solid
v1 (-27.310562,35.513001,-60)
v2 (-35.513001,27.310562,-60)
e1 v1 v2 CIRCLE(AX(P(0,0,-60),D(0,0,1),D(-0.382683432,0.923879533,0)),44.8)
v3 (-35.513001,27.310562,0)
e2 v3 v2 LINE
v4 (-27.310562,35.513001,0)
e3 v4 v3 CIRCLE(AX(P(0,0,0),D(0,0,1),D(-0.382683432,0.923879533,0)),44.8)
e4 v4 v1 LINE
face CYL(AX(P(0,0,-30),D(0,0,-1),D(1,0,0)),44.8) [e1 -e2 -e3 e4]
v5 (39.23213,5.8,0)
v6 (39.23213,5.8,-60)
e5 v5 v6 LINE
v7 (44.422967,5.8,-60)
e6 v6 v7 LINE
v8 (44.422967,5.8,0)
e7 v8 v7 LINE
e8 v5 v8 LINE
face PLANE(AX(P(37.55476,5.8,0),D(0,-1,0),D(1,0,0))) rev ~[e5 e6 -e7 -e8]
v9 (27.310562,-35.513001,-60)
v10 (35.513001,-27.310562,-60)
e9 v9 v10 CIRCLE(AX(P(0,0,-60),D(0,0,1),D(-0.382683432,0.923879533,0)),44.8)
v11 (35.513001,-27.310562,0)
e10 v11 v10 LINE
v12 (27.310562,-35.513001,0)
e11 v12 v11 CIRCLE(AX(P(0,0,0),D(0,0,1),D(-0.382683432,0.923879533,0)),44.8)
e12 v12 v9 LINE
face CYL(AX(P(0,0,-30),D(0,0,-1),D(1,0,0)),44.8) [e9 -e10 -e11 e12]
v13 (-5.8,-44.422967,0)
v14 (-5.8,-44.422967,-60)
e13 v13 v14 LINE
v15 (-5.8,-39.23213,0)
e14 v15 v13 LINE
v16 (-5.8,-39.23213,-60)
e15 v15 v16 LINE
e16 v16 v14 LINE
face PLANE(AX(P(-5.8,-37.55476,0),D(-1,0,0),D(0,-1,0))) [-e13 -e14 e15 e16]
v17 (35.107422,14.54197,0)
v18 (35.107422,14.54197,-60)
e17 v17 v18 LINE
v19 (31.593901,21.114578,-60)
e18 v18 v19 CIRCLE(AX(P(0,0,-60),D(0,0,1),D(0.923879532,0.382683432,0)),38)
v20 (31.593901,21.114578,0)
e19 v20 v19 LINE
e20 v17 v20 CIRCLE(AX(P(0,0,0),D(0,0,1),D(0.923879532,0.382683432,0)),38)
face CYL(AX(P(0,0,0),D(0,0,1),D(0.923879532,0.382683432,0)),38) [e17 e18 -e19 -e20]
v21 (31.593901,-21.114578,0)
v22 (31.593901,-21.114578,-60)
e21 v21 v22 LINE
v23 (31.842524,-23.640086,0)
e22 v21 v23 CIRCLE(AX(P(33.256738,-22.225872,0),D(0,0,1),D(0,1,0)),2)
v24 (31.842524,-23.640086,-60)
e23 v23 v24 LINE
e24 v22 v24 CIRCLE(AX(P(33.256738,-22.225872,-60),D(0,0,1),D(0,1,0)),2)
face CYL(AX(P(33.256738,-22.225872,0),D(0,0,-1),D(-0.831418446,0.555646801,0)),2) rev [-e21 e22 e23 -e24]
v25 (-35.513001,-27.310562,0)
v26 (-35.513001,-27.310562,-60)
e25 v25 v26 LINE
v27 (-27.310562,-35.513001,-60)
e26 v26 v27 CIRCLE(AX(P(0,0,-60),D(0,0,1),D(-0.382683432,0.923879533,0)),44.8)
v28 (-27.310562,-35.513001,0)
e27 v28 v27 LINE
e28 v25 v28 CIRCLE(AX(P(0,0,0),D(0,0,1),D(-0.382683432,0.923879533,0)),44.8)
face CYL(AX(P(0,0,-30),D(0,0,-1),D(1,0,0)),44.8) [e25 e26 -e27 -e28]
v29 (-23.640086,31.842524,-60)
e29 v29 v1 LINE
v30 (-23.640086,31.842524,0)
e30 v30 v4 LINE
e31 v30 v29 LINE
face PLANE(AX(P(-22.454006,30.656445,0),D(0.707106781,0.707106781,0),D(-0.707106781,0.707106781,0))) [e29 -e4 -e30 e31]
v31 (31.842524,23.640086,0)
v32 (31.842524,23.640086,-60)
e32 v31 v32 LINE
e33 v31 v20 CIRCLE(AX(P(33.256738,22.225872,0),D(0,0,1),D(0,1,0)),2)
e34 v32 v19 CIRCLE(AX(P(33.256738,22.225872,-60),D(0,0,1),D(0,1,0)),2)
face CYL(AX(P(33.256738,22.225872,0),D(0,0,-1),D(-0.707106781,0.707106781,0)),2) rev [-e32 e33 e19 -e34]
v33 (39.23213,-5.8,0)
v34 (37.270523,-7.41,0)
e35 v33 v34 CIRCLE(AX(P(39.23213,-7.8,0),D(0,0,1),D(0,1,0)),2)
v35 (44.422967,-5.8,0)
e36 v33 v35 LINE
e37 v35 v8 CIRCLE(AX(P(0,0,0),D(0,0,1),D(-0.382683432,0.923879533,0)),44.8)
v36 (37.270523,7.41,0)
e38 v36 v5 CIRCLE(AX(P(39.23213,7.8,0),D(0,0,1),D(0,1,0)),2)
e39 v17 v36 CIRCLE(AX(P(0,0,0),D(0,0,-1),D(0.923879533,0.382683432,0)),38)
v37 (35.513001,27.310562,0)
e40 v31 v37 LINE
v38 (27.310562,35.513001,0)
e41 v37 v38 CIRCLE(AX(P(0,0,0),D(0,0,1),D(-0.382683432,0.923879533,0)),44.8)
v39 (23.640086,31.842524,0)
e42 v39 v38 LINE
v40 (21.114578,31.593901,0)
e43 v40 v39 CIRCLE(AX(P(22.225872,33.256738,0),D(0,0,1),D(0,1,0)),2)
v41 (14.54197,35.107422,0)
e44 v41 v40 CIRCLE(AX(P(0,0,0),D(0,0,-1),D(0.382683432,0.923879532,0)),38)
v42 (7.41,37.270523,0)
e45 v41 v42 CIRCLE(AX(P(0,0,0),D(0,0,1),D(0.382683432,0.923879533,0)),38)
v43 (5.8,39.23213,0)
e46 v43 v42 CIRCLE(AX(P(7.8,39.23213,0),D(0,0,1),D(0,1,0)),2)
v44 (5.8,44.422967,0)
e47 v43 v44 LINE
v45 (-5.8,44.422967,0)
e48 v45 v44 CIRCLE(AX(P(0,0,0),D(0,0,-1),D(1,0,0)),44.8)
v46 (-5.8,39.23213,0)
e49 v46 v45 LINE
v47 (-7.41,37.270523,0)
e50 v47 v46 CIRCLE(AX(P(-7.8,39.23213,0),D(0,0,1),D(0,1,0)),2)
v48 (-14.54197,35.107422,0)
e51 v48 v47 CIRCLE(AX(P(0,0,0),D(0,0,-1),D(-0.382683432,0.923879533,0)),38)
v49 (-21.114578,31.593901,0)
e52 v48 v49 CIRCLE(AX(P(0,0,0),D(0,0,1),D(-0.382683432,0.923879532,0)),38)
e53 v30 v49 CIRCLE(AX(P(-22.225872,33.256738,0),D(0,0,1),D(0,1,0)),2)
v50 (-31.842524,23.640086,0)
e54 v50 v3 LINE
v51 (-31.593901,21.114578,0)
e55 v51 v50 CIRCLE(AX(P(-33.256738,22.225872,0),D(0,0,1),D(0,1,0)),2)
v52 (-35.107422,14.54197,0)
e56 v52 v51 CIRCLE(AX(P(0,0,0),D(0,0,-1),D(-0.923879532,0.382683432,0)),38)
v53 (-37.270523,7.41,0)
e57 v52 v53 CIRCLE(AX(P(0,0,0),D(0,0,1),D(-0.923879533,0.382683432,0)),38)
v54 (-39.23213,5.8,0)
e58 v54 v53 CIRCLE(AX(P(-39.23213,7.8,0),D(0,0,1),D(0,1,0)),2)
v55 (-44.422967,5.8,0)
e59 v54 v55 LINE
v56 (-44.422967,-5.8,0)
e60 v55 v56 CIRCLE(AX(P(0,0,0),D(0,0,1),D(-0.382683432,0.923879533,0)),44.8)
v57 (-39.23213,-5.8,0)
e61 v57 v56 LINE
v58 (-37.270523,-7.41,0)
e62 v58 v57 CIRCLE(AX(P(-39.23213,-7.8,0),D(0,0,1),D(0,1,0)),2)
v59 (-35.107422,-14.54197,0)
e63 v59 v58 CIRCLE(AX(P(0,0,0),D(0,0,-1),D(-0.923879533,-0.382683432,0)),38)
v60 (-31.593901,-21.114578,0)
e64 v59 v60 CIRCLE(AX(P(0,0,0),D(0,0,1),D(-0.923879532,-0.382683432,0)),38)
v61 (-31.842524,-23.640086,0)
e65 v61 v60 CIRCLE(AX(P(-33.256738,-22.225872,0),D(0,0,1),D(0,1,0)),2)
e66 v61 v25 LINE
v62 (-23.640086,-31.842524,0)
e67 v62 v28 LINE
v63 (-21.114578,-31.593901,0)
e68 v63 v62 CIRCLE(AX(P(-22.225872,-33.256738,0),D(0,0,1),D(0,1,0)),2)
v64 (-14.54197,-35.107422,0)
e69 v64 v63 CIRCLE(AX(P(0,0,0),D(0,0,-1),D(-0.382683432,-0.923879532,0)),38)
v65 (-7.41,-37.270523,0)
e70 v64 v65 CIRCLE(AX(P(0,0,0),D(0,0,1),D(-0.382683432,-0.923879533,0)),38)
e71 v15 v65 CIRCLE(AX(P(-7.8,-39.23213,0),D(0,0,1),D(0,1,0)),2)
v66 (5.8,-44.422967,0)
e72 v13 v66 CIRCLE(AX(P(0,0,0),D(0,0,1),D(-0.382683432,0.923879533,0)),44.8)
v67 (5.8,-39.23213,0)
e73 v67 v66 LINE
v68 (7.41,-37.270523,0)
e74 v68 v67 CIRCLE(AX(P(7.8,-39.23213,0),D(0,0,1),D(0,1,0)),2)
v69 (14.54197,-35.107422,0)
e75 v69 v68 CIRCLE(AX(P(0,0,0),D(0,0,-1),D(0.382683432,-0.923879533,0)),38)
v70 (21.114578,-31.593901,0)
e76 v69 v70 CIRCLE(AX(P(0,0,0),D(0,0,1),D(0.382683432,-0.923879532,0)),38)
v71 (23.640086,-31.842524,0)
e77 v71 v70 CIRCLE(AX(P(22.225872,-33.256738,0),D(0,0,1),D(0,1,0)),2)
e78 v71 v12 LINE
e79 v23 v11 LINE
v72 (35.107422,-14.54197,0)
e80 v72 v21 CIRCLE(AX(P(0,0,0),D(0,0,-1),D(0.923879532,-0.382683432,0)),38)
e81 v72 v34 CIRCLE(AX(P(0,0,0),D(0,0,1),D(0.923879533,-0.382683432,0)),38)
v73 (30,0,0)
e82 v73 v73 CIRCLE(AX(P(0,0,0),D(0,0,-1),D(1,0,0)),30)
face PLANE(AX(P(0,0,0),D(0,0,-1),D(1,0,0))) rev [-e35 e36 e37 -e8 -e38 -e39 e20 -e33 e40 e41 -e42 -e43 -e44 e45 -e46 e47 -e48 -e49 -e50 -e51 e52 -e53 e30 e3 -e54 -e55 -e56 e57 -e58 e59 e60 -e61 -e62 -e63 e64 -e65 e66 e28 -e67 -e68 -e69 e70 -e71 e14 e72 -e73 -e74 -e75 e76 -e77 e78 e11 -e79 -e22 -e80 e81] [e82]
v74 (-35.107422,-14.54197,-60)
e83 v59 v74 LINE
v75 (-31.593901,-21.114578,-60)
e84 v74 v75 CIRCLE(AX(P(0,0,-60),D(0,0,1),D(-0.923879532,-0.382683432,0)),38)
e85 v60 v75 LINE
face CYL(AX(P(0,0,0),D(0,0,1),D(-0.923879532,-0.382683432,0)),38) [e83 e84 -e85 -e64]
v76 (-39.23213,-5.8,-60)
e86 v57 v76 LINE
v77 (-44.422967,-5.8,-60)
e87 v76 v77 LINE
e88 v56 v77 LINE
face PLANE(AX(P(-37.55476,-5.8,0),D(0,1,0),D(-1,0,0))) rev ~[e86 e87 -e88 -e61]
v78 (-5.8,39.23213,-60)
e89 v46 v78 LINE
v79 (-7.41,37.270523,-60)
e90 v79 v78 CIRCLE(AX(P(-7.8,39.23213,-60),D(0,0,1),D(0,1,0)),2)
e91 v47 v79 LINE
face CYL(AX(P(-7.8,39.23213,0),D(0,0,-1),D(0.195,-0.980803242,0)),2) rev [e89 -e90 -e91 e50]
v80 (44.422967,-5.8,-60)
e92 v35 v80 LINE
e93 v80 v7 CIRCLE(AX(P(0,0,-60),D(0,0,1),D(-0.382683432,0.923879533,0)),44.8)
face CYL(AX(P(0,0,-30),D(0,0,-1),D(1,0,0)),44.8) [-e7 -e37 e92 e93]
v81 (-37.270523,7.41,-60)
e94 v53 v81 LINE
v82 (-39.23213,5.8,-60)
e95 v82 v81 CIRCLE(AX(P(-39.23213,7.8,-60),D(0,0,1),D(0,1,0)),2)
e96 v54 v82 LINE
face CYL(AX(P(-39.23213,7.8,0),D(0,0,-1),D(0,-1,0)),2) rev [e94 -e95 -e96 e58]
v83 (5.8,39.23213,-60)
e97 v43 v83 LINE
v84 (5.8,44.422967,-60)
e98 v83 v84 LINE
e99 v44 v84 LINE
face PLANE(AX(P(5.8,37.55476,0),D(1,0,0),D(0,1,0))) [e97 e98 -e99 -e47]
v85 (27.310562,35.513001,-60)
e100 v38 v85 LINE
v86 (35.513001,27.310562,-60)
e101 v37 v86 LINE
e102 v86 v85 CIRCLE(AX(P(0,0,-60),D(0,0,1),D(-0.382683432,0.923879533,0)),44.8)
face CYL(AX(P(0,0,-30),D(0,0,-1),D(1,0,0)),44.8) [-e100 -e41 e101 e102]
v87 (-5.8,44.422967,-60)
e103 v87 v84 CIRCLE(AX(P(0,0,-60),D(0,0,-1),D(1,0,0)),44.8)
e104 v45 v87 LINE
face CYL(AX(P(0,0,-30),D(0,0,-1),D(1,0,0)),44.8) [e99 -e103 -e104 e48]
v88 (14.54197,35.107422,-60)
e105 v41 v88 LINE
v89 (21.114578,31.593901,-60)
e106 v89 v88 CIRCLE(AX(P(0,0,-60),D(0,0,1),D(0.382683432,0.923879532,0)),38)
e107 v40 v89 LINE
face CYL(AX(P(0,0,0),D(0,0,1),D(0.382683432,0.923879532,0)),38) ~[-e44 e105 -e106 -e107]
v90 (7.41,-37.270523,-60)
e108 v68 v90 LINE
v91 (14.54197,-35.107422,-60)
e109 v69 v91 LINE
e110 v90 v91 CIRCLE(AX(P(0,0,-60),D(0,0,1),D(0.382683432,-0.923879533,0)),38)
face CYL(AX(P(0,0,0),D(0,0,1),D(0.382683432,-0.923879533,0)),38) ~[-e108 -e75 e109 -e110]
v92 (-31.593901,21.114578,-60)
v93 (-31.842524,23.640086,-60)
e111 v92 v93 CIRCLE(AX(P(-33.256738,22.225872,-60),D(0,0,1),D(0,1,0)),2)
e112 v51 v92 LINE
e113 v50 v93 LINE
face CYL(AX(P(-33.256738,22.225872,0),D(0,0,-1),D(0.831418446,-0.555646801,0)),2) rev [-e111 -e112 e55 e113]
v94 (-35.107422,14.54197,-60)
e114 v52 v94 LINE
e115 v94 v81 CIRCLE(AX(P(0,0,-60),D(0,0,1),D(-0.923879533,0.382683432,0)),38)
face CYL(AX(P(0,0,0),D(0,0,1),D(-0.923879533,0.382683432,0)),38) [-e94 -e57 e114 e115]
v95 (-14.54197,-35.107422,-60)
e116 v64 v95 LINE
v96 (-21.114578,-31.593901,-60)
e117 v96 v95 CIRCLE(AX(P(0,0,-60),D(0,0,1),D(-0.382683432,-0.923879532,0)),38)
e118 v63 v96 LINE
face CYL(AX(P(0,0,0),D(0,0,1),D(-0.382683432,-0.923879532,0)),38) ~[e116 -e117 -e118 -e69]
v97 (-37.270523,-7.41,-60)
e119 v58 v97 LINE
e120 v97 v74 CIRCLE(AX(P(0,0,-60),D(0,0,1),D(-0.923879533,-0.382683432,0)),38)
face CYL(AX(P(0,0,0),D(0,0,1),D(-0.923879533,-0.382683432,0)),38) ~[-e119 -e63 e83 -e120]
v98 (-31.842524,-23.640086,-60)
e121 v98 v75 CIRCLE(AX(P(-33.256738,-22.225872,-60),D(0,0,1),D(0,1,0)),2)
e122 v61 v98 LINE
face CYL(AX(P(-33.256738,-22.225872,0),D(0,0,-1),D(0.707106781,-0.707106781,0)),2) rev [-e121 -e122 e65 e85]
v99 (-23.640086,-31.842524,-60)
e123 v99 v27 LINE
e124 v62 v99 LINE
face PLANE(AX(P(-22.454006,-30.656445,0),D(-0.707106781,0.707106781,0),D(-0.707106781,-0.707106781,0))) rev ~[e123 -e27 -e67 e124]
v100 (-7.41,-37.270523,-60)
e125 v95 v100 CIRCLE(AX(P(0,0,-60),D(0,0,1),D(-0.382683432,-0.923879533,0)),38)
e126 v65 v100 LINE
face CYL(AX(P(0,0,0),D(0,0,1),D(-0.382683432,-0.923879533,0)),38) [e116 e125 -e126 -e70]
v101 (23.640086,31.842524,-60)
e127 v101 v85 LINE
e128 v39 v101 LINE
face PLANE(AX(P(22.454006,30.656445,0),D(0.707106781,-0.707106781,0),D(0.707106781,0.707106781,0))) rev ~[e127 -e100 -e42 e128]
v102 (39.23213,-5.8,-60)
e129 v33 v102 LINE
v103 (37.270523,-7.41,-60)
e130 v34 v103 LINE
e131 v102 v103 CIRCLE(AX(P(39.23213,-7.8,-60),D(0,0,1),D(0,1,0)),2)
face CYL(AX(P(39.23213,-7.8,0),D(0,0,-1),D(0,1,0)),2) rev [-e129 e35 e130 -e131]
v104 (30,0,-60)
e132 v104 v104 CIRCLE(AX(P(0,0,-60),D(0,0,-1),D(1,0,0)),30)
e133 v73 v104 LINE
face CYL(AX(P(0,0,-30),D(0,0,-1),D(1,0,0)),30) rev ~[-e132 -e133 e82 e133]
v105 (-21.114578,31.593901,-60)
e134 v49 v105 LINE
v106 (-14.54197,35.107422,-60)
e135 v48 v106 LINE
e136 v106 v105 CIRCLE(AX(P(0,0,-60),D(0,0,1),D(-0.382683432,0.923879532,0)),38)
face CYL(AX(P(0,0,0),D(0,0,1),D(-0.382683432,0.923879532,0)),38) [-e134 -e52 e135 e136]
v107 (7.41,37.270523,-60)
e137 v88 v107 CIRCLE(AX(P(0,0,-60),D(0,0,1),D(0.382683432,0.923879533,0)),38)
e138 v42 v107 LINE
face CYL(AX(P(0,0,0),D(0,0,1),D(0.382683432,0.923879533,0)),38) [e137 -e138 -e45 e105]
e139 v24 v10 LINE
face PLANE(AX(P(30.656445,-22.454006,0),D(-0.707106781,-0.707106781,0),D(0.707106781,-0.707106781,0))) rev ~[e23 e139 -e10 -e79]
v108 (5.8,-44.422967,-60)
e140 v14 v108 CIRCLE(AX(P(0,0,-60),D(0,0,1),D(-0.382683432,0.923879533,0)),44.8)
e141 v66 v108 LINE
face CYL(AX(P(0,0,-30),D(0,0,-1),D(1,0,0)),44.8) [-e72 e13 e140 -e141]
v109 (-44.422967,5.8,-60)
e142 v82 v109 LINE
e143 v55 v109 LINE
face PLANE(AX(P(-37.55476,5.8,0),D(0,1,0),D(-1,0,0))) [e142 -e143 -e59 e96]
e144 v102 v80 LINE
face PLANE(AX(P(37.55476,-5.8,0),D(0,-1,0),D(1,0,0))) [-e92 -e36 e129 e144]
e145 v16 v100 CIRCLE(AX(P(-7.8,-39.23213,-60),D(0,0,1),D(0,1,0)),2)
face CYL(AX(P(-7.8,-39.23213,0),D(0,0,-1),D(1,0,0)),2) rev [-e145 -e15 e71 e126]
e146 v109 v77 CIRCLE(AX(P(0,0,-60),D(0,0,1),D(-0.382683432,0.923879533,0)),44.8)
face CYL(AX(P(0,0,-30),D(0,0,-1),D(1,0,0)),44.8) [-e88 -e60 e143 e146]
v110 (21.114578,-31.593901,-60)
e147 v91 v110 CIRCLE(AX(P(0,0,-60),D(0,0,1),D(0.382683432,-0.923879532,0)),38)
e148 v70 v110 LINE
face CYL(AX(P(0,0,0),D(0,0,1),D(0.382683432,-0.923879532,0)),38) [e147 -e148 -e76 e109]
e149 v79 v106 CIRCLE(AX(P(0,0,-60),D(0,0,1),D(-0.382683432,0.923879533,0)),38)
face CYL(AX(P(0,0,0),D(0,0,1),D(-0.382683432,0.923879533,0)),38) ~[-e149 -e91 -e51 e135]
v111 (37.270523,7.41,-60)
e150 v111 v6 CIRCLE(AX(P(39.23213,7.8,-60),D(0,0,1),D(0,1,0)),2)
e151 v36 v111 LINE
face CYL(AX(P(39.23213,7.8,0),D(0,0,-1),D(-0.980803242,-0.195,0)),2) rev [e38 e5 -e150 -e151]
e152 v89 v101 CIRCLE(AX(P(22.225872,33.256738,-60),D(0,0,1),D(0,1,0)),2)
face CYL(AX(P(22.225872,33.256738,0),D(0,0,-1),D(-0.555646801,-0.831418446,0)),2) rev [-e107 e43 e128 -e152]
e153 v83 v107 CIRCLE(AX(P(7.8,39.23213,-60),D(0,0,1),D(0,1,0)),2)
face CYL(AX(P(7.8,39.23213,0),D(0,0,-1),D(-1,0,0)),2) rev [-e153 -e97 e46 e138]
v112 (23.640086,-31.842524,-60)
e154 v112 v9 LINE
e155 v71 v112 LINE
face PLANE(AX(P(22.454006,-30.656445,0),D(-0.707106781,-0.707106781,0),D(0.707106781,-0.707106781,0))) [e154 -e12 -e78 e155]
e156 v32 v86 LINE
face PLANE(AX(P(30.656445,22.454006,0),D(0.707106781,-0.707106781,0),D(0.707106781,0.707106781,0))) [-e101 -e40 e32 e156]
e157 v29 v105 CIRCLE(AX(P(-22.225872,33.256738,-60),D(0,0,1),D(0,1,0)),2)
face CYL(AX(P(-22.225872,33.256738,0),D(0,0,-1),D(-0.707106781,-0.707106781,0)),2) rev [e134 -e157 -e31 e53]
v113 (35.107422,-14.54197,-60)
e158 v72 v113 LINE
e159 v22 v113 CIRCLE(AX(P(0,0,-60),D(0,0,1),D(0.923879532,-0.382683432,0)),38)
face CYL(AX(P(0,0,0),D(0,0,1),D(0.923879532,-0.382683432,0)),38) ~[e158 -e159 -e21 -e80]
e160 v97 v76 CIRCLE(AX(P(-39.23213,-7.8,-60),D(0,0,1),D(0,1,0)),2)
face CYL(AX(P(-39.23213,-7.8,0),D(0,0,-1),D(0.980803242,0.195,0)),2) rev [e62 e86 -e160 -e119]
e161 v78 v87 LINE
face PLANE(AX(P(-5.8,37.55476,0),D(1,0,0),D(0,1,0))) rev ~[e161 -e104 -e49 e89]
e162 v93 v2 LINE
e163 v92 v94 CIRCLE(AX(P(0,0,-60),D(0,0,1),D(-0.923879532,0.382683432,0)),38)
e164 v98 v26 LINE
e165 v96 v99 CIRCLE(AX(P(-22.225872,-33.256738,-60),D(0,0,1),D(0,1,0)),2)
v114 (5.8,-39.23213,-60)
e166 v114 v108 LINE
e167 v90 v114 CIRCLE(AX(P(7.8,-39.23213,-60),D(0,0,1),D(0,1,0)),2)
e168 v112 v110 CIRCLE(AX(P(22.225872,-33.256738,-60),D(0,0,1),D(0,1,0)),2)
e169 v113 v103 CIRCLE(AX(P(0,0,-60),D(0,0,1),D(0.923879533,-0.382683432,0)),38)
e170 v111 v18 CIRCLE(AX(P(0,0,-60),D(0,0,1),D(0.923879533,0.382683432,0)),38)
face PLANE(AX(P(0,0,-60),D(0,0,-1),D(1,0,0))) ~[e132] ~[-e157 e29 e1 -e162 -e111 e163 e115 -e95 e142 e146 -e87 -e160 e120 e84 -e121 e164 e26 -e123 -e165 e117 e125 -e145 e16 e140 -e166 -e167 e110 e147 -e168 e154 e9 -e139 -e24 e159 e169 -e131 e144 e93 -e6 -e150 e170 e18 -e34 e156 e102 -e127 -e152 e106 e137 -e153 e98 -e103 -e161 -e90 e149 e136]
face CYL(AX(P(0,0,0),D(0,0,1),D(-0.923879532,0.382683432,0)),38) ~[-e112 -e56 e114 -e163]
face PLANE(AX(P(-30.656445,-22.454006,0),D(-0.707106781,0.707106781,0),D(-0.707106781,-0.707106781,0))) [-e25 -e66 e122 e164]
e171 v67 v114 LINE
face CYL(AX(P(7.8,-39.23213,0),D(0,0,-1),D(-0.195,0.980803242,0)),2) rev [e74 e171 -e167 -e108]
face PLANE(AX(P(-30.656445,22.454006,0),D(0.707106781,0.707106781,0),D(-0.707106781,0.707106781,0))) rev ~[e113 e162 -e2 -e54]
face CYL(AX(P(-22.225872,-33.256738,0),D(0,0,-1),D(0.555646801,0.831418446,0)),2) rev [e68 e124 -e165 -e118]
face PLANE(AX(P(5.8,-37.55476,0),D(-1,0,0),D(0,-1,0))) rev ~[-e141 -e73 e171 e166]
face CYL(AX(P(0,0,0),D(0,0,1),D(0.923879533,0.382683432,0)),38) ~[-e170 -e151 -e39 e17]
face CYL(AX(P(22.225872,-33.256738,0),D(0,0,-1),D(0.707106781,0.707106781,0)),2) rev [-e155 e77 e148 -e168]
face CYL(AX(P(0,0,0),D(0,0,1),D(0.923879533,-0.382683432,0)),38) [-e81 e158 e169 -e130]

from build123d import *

# Parameters (mm, degrees)
SKETCH_2_W                       = 60
SKETCH_2_H                       = 14.8
CUT_EXTRUDE_1_DEPTH              = 88.258695842
FILLET_2_R                       = 2
PATTERN_CIRCULAR_1_COUNT         = 8
FILLET_2_OF_PATTERN_CIRCULAR_1_R = 2


with BuildPart() as part:
    # Эскиз2 → Повернуть1 (revolve)
    with BuildSketch(Plane(origin=(0, 0, 0), x_dir=(0, 0, -1), z_dir=(1, 0, 0)), mode=Mode.PRIVATE) as revolve_1_sk:
        with Locations((30, 37.4)):
            Rectangle(SKETCH_2_W, SKETCH_2_H)
    revolve(revolve_1_sk.sketch.rotate(Axis((0, 0, 0), (0, 0, -1)), 90), axis=Axis((0, 0, 0), (0, 0, -1)))

    # Эскиз4 → Вырез-Вытянуть1 (cut, through all)
    with BuildSketch(Plane.XY):
        with BuildLine():
            Line((-5.8, 37.554760018), (-5.8, 44.422967033))
            ThreePointArc((-5.8, 44.422967033), (-11.571918734, 43.279679953), (-17.14421777, 41.389803057))
            Line((-17.14421777, 41.389803057), (-14.54197043, 35.107422235))
            ThreePointArc((-14.54197043, 35.107422235), (-10.244330422, 36.5930826), (-5.8, 37.554760018))
        make_face()
        with BuildLine():
            Line((5.8, 37.554760018), (5.8, 44.422967033))
            ThreePointArc((5.8, 44.422967033), (11.571918734, 43.279679953), (17.14421777, 41.389803057))
            Line((17.14421777, 41.389803057), (14.54197043, 35.107422235))
            ThreePointArc((14.54197043, 35.107422235), (10.244330422, 36.5930826), (5.8, 37.554760018))
        make_face()
    cut_extrude_1 = extrude(amount=-CUT_EXTRUDE_1_DEPTH, mode=Mode.SUBTRACT)

    # Скругление2
    fillet_2_edges = [part.edges().sort_by_distance(p)[0] for p in [
        (-5.8, 37.554760018, -30),
        (5.8, 37.554760018, -30),
    ]]
    fillet(fillet_2_edges, radius=FILLET_2_R)

    # Круговой массив1: Вырез-Вытянуть1 ×8 about axis
    pattern_circular_1_axis = Axis((0, 0, 0), (0, 0, 1))
    for i in range(1, PATTERN_CIRCULAR_1_COUNT):
        add(cut_extrude_1.rotate(pattern_circular_1_axis, i * 360 / PATTERN_CIRCULAR_1_COUNT), mode=Mode.SUBTRACT)

    # Скругление2 of Круговой массив1
    fillet_2_of_pattern_circular_1_edges = [part.edges().sort_by_distance(p)[0] for p in [
        (-30.656444805, 22.454006144, -30),
        (-22.454006144, 30.656444805, -30),
        (-37.554760018, -5.8, -30),
        (-37.554760018, 5.8, -30),
        (-22.454006144, -30.656444805, -30),
        (-30.656444805, -22.454006144, -30),
        (5.8, -37.554760018, -30),
        (-5.8, -37.554760018, -30),
        (30.656444805, -22.454006144, -30),
        (22.454006144, -30.656444805, -30),
        (37.554760018, 5.8, -30),
        (37.554760018, -5.8, -30),
        (22.454006144, 30.656444805, -30),
        (30.656444805, 22.454006144, -30),
    ]]
    fillet(fillet_2_of_pattern_circular_1_edges, radius=FILLET_2_OF_PATTERN_CIRCULAR_1_R)


solid = part.part
